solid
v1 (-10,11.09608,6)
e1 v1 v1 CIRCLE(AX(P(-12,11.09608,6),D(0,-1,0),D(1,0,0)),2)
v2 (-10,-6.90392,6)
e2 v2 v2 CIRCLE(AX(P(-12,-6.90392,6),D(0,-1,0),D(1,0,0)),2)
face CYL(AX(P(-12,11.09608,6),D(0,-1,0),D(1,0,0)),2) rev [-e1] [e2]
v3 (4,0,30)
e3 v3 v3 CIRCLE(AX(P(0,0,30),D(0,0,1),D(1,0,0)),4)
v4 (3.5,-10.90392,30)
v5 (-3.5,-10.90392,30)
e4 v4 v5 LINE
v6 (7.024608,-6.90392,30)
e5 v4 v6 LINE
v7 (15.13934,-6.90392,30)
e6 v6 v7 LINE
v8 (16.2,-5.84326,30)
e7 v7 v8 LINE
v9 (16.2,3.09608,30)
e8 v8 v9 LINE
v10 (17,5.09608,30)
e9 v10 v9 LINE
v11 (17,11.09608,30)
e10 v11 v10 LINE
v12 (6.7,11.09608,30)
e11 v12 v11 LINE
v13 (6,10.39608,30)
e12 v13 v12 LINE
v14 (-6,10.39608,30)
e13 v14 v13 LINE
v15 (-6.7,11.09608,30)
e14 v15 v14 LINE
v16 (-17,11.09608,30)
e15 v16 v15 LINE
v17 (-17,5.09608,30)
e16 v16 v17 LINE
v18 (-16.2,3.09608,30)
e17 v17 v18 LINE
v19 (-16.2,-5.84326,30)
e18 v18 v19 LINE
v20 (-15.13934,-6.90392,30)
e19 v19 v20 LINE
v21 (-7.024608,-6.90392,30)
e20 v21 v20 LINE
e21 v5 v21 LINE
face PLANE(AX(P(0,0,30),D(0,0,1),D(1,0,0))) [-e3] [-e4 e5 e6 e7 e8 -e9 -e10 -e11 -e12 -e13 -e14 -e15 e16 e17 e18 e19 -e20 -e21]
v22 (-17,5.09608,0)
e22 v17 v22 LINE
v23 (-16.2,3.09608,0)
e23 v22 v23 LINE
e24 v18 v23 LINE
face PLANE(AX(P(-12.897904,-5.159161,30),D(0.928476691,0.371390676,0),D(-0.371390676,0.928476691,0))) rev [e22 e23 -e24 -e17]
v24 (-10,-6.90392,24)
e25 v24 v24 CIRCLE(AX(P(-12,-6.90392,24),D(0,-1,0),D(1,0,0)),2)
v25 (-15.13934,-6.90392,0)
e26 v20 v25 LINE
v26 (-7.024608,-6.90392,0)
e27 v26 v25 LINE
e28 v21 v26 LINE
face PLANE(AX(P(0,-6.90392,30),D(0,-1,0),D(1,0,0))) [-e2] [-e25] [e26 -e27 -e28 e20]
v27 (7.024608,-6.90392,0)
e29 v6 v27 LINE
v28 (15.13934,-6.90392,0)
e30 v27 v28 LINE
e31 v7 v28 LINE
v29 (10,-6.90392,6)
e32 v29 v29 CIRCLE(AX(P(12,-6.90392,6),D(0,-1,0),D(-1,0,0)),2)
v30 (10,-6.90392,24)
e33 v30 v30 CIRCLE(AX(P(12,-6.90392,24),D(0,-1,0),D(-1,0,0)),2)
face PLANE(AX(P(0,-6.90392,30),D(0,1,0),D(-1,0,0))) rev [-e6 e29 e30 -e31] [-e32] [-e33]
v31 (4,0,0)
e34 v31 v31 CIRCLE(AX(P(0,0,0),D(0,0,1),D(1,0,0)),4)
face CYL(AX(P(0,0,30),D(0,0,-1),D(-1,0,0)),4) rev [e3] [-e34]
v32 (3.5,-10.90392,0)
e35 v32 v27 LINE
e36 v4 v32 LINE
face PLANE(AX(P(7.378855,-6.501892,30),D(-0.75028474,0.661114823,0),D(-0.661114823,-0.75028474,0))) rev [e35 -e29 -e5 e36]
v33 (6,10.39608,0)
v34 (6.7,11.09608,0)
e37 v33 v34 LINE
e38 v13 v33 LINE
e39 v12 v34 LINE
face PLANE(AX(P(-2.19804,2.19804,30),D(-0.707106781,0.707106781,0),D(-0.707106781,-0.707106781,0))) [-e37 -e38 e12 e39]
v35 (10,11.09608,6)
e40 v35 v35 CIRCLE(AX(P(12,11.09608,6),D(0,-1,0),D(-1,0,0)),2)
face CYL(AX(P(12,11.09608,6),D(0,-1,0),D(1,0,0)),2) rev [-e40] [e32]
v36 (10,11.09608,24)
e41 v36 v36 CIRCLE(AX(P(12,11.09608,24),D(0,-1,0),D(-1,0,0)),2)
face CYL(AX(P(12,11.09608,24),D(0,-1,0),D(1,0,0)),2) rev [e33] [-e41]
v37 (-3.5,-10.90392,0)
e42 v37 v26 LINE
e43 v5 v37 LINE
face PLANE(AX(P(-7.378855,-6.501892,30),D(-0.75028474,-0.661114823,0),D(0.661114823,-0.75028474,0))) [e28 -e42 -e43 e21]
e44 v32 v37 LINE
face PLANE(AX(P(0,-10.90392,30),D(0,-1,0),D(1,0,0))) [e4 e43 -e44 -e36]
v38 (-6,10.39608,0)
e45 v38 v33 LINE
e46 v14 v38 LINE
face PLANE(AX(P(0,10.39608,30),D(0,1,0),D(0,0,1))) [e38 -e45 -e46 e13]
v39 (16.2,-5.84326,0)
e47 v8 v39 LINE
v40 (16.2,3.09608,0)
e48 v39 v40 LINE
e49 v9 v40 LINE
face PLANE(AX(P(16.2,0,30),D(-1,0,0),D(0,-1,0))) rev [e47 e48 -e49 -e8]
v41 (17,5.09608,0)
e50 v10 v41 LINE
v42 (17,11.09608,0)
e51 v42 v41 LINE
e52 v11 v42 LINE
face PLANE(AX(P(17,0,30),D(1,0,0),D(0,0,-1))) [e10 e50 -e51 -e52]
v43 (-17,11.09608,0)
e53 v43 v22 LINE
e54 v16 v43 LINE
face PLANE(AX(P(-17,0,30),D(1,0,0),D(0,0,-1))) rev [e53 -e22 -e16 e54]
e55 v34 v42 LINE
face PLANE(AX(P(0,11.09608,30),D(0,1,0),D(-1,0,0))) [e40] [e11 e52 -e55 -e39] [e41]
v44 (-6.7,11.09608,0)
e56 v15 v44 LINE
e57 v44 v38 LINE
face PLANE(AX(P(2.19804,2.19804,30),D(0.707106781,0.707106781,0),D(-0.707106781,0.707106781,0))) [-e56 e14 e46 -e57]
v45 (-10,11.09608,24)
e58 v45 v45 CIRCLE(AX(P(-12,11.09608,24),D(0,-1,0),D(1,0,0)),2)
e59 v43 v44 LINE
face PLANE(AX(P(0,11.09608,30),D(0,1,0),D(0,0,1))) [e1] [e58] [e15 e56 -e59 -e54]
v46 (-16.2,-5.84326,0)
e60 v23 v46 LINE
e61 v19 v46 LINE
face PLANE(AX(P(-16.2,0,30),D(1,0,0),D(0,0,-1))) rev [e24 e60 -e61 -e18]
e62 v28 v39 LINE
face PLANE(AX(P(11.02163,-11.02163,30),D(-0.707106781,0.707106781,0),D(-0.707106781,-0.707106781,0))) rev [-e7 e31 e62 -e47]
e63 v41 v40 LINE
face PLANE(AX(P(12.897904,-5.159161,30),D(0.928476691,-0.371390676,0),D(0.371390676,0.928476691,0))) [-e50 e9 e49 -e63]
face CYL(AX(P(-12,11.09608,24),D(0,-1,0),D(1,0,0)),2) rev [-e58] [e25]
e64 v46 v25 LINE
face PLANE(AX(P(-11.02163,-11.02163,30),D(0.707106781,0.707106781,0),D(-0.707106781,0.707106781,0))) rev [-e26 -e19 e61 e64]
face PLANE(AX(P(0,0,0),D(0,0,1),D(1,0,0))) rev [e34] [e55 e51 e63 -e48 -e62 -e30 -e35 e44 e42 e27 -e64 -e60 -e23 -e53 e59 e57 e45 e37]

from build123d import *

# Parameters (mm, degrees)
SKETCH1_R           = 7.5
SKETCH1_R_2         = 4
BOSS_EXTRUDE1_DEPTH = 30
SKETCH4_R           = 2
CUT_EXTRUDE1_DEPTH  = 19


with BuildPart() as part:
    # Sketch1 → Boss-Extrude1 (new body)
    with BuildSketch(Plane.XY):
        Polygon((6.7, 11.09607963), (17, 11.09607963), (17, 5.09607963), (16.2, 3.09607963), (16.2, -5.843260198), (15.139339828, -6.90392037), (7.024607597, -6.90392037), (3.5, -10.90392037), (0, -10.90392037), (-3.5, -10.90392037), (-7.024607597, -6.90392037), (-15.139339828, -6.90392037), (-16.2, -5.843260198), (-16.2, 3.09607963), (-17, 5.09607963), (-17, 11.09607963), (-6.7, 11.09607963), (-6, 10.39607963), (6, 10.39607963), align=None)
        Circle(SKETCH1_R, mode=Mode.SUBTRACT)
        Circle(SKETCH1_R)
        Circle(SKETCH1_R_2, mode=Mode.SUBTRACT)
    extrude(amount=BOSS_EXTRUDE1_DEPTH)

    # Sketch4 → Cut-Extrude1 (cut, through all)
    with BuildSketch(Plane.XZ.offset(6.90392037)):
        with Locations((-12, 24)):
            Circle(SKETCH4_R)
        with Locations((-12, 6)):
            Circle(SKETCH4_R)
        with Locations((12, 6)):
            Circle(SKETCH4_R)
        with Locations((12, 24)):
            Circle(SKETCH4_R)
    extrude(amount=-CUT_EXTRUDE1_DEPTH, mode=Mode.SUBTRACT)


solid = part.part
